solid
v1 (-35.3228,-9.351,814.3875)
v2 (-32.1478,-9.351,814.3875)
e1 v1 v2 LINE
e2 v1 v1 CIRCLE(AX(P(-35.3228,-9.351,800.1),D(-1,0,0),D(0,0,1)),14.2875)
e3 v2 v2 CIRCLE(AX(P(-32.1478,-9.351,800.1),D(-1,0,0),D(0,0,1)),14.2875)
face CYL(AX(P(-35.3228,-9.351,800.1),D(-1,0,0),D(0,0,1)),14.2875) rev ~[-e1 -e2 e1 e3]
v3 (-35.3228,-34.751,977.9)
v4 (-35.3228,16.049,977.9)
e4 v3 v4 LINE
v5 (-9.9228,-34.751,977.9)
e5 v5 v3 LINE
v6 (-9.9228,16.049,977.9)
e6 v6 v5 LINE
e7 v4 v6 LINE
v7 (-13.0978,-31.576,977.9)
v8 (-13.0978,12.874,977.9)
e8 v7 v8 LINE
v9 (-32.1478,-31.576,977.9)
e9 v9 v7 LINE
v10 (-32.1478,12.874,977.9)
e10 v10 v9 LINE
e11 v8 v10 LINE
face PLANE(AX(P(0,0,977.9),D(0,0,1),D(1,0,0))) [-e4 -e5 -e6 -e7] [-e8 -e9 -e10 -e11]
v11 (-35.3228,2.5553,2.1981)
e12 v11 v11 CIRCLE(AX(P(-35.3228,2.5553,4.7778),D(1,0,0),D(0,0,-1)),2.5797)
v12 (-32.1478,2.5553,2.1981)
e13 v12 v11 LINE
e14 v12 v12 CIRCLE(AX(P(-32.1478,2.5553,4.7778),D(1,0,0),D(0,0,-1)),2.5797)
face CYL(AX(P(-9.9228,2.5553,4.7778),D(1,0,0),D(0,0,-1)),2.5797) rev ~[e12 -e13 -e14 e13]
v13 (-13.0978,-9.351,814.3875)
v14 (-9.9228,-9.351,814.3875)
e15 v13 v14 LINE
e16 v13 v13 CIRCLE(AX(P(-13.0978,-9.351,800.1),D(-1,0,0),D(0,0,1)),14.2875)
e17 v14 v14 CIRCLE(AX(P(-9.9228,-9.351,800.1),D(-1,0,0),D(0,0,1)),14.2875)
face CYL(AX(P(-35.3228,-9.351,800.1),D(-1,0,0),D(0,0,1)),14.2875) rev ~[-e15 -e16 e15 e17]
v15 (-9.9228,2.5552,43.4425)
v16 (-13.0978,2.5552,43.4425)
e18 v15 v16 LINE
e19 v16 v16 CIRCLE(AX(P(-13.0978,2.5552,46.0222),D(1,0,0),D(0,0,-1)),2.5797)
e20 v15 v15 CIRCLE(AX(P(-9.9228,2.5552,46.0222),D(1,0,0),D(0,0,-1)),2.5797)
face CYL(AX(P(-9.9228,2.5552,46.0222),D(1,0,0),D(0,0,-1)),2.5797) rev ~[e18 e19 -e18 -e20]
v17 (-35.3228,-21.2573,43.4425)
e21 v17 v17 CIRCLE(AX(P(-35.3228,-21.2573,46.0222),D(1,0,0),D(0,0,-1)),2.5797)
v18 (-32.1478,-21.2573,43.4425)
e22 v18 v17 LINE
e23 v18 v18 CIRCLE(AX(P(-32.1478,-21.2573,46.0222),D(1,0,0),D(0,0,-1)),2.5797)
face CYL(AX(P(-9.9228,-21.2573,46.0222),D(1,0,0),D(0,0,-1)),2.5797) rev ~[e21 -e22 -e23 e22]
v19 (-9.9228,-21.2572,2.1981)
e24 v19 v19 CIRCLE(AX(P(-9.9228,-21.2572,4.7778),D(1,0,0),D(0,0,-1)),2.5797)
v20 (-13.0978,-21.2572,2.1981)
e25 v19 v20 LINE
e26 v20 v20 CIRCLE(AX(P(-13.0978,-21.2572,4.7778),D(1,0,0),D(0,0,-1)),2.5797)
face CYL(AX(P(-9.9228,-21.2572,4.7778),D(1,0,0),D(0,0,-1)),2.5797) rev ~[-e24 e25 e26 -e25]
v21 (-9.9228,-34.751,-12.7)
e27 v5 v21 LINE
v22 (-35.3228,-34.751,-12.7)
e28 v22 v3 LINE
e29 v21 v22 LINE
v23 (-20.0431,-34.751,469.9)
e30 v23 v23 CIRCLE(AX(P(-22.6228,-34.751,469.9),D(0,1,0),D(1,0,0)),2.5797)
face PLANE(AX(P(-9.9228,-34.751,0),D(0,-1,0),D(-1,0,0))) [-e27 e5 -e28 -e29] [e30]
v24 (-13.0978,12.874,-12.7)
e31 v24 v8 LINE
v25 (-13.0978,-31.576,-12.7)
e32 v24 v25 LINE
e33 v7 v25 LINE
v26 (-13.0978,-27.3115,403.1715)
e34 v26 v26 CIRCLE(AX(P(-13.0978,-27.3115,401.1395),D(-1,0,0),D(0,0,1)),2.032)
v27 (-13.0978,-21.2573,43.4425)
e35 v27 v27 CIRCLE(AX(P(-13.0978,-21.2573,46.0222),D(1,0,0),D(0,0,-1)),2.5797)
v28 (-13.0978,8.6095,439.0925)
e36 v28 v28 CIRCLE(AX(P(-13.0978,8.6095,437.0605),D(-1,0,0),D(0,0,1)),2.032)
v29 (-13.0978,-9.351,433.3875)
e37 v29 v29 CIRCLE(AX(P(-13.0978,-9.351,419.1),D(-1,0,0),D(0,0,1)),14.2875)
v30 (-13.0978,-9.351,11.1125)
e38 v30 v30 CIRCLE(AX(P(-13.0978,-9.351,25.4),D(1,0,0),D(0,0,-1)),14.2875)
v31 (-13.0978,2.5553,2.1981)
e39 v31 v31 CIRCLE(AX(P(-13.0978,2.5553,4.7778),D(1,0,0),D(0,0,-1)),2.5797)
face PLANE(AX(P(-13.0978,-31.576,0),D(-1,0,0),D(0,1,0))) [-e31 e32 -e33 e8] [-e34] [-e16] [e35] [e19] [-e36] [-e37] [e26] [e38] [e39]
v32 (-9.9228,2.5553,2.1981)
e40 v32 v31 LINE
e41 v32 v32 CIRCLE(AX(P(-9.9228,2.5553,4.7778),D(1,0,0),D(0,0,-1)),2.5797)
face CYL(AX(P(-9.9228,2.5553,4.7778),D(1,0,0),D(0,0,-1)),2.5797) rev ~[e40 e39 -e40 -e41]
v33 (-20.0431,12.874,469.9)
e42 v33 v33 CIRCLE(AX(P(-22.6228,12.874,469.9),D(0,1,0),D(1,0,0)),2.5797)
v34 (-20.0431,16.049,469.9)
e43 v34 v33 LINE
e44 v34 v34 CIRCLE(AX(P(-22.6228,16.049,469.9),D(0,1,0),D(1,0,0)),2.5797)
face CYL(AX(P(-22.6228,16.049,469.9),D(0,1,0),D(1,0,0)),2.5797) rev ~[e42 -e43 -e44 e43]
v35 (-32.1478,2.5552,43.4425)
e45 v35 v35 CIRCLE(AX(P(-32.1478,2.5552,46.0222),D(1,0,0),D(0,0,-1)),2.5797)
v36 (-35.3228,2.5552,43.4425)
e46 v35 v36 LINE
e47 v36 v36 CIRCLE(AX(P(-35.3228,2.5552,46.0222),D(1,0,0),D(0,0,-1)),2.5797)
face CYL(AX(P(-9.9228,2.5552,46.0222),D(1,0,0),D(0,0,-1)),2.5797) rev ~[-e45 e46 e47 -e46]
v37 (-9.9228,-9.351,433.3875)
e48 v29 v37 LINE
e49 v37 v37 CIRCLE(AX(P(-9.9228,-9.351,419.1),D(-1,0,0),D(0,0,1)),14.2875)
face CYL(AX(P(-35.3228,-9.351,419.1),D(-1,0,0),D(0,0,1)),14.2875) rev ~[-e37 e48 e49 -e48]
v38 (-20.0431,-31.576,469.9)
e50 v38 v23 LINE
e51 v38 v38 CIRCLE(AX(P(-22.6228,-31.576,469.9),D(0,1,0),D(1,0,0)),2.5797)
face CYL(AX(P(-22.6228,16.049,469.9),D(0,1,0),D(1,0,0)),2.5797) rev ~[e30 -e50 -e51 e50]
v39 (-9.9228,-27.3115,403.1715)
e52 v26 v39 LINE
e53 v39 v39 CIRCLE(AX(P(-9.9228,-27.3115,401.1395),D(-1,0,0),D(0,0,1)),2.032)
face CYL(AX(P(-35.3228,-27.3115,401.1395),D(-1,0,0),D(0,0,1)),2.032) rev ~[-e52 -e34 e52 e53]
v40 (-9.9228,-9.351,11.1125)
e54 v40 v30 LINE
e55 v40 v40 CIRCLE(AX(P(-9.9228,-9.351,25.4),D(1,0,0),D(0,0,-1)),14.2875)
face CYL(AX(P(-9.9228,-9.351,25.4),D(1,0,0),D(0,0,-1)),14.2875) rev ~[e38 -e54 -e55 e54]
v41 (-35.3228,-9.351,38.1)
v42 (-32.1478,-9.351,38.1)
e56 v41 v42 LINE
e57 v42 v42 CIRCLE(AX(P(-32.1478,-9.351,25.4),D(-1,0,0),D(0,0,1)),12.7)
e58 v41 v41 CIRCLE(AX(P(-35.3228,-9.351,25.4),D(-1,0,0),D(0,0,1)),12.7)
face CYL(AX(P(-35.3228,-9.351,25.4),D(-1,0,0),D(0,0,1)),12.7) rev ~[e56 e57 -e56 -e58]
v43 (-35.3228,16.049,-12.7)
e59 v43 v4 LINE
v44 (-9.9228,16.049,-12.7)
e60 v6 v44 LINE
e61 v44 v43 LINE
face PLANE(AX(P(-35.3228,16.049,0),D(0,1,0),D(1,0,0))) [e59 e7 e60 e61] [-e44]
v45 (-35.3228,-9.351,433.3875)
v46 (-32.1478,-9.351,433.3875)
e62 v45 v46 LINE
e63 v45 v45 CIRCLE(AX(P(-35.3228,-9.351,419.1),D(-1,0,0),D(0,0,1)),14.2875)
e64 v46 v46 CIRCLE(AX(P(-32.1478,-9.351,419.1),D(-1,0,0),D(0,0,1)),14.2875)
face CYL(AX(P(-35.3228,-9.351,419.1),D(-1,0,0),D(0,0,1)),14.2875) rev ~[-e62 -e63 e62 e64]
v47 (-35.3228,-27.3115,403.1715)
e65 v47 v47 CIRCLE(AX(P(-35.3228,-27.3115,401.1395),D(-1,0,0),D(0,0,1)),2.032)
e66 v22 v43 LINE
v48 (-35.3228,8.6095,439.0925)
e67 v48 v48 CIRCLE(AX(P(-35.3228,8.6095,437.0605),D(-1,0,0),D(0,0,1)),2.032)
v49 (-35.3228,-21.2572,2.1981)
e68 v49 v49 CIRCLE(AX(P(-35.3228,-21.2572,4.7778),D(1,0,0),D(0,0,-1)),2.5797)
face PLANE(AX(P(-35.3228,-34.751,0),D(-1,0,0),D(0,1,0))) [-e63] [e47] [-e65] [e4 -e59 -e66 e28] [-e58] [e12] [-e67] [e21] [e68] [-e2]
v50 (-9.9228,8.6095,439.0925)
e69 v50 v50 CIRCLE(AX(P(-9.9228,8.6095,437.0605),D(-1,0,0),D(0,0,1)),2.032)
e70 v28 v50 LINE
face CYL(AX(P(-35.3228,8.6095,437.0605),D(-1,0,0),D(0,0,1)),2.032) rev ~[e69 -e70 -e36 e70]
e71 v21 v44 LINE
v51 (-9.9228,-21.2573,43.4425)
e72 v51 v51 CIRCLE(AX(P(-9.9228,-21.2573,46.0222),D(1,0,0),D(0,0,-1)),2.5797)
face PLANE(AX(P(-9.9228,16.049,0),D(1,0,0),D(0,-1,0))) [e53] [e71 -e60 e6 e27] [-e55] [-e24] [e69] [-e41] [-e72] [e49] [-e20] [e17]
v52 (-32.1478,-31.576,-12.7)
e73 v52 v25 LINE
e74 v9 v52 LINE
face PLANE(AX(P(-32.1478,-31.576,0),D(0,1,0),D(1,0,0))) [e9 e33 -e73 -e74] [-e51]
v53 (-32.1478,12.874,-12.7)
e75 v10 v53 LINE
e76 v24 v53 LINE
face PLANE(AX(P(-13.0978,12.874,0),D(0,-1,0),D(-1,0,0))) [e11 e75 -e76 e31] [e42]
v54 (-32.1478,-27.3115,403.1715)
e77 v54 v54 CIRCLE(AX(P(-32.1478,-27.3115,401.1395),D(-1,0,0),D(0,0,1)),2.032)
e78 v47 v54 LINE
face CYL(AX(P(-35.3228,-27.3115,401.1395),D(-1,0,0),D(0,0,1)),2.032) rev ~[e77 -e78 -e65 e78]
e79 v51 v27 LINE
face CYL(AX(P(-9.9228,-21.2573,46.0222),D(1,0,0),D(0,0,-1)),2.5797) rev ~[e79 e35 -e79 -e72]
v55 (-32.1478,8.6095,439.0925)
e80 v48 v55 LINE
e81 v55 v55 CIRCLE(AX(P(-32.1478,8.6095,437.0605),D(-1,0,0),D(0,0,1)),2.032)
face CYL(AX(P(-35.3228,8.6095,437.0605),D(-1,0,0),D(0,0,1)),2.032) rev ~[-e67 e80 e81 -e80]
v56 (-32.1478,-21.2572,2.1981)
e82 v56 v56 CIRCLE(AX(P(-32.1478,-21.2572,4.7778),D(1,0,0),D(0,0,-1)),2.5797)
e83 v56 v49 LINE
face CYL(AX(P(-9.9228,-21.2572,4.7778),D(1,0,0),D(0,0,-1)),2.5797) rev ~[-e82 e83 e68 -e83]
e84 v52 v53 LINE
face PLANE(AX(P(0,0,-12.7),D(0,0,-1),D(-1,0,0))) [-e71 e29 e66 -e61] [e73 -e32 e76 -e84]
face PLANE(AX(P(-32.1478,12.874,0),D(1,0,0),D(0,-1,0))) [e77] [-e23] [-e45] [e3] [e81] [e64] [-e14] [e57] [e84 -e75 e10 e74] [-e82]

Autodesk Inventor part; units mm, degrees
ref_plane "YZ Plane" through (0, 0, 0) normal (1, 0, 0) x (0, 1, 0)
ref_plane "XZ Plane" through (0, 0, 0) normal (0, 1, 0) x (-1, 0, 0)
ref_plane "XY Plane" through (0, 0, 0) normal (0, 0, 1) x (1, 0, 0)
sketch "Sketch1" plane through (0, 0, 0) normal (0, 0, 1) x (1, 0, 0)
  line L0 (-35.3228, 16.049) -> (-9.9228, 16.049)
  line L1 (-9.9228, 16.049) -> (-9.9228, -34.751)
  line L2 (-9.9228, -34.751) -> (-35.3228, -34.751)
  line L3 (-35.3228, -34.751) -> (-35.3228, 16.049)
  line L4 (-13.0978, 12.874) -> (-32.1478, 12.874)
  line L5 (-32.1478, 12.874) -> (-32.1478, -31.576)
  line L6 (-32.1478, -31.576) -> (-13.0978, -31.576)
  line L7 (-13.0978, -31.576) -> (-13.0978, 12.874)
  point P0 (0, 0)
  dimension "d0" = 25.4
  dimension "d1" = 50.8
  dimension "d2" = 3.175
extrude "Extrusion1" add sketch "Sketch1" along normal blind 977.9
sketch "Sketch2" plane through (-35.3228, -34.751, 0) normal (-1, 0, 0) x (0, 0, 1)
  line L0 (0, 0) -> (0, 50.8) construction
  line L1 (0, 25.4) -> (25.4, 25.4) construction
  circle A0 centre (25.4, 25.4) radius 12.7
  point P0 (0, 34.751)
  dimension "d5" = 25.4
  dimension "d9" = 25.4
extrude "Extrusion2" cut sketch "Sketch2" against normal blind 12.7
sketch "Sketch3" plane through (-35.3228, -34.751, 0) normal (-1, 0, 0) x (0, 0, 1)
  line L0 (977.9, 50.8) -> (977.9, 0) construction
  line L1 (977.9, 25.4) -> (800.1, 25.4) construction
  circle A0 centre (800.1, 25.4) radius 14.2875
  point P0 (0, 34.751)
  dimension "d10" = 177.8
  dimension "d11" = 28.575
extrude "Extrusion3" cut sketch "Sketch3" against normal blind 25.4
sketch "Sketch4" plane through (-35.3228, -34.751, 0) normal (-1, 0, 0) x (0, 0, 1)
  line L0 (977.9, 50.8) -> (977.9, 0) construction
  line L1 (977.9, 25.4) -> (419.1, 25.4) construction
  circle A0 centre (419.1, 25.4) radius 14.2875
  point P0 (0, 34.751)
  dimension "d14" = 558.8
  dimension "d15" = 28.575
extrude "Extrusion4" cut sketch "Sketch4" against normal blind 25.4
sketch "Sketch5" plane through (-35.3228, -34.751, 0) normal (-1, 0, 0) x (0, 0, 1)
  circle A0 centre (419.1, 25.4) radius 14.2875 construction
  line L0 (419.1, 25.4) -> (401.1395, 7.4395) construction
  line L1 (419.1, 25.4) -> (444.5, 25.4) construction
  line L2 (419.1, 25.4) -> (437.0605, 43.3605) construction
  circle A1 centre (401.1395, 7.4395) radius 2.032
  circle A2 centre (437.0605, 43.3605) radius 2.032
  point P0 (0, 34.751)
  dimension "d18" = 25.4
  dimension "d19" = 135
  dimension "d20" = 25.4
  dimension "d21" = 4.064
  dimension "d22" = 4.064
extrude "Extrusion5" cut sketch "Sketch5" against normal blind 25.4
sketch "Sketch7" plane through (-9.9228, -34.751, 0) normal (1, 0, 0) x (0, 0, -1)
  line L0 (0, 0) -> (0, 50.8) construction
  line L1 (0, 25.4) -> (-25.4, 25.4) construction
  circle A0 centre (-25.4, 25.4) radius 14.2875
  point P0 (0, 34.751)
  dimension "d34" = 25.4
  dimension "d35" = 28.575
extrude "Extrusion7" cut sketch "Sketch7" against normal blind 12.7
sketch "Sketch8" plane through (-9.9228, -34.751, 0) normal (1, 0, 0) x (0, 0, -1)
  circle A0 centre (-25.4, 25.4) radius 14.2875 construction
  line L0 (-25.4, 25.4) -> (-25.4, 49.2125) construction
  line L1 (-25.4, 49.2125) -> (-4.7778, 37.3063) construction
  line L2 (-4.7778, 37.3063) -> (-4.7778, 13.4938) construction
  line L3 (-4.7778, 13.4938) -> (-25.4, 1.5875) construction
  line L4 (-25.4, 1.5875) -> (-46.0222, 13.4937) construction
  line L5 (-46.0222, 13.4937) -> (-46.0222, 37.3062) construction
  line L6 (-46.0222, 37.3062) -> (-25.4, 49.2125) construction
  circle A1 centre (-4.7778, 37.3063) radius 2.5797
  circle A2 centre (-4.7778, 13.4938) radius 2.5797
  circle A3 centre (-46.0222, 13.4937) radius 2.5797
  circle A4 centre (-46.0222, 37.3062) radius 2.5797
  point P0 (0, 34.751)
  dimension "d45" = 23.8125
  dimension "d46" = 5.1594
  dimension "d47" = 5.1594
  dimension "d48" = 5.1594
  dimension "d49" = 5.1594
extrude "Extrusion9" cut sketch "Sketch8" against normal blind 25.4
sketch "Sketch9" plane through (0, 0, 0) normal (0, 0, -1) x (-1, 0, 0)
  line L0 (9.9228, 16.049) -> (35.3228, 16.049) projected
  line L1 (9.9228, 16.049) -> (13.0978, 16.049)
  line L2 (13.0978, 16.049) -> (13.0978, -34.751)
  line L3 (13.0978, -34.751) -> (9.9228, -34.751)
  line L4 (9.9228, -34.751) -> (9.9228, 16.049)
  line L5 (9.9228, -34.751) -> (35.3228, -34.751)
  line L6 (35.3228, -34.751) -> (35.3228, -31.576)
  line L7 (35.3228, -31.576) -> (9.9228, -31.576)
  line L8 (9.9228, -31.576) -> (9.9228, -34.751)
  line L9 (9.9228, -34.751) -> (35.3228, -34.751) projected
  line L10 (35.3228, -34.751) -> (32.1478, -34.751)
  line L11 (32.1478, -34.751) -> (32.1478, 16.049)
  line L12 (32.1478, 16.049) -> (35.3228, 16.049)
  line L13 (35.3228, 16.049) -> (35.3228, -34.751)
  line L14 (35.3228, 16.049) -> (9.9228, 16.049)
  line L15 (9.9228, 16.049) -> (9.9228, 12.874)
  line L16 (9.9228, 12.874) -> (35.3228, 12.874)
  line L17 (35.3228, 12.874) -> (35.3228, 16.049)
  point P0 (0, 0)
  dimension "d52" = 3.175
  dimension "d53" = 50.8
  dimension "d54" = 25.4
  dimension "d55" = 3.175
  dimension "d56" = 3.175
  dimension "d57" = 50.8
  dimension "d58" = 25.4
  dimension "d59" = 3.175
extrude "Extrusion10" add sketch "Sketch9" along normal blind 12.7 contours L0 L2 L16 L4 | L0 L11 L16 L2 | L16 L2 L7 L4 | L0 L13 L16 L11 | L7 L2 L3 L4 | L16 L13 L7 L11 | L7 L11 L5 L2 | L7 L6 L5 L11
sketch "Sketch10" plane through (-35.3228, 16.049, 977.9) normal (0, 1, 0) x (1, 0, 0)
  line L0 (3.175, 0) -> (22.225, 0) construction
  line L1 (12.7, 0) -> (12.7, 508) construction
  line L2 (12.7, 0) -> (520.7, 0) construction
  circle A0 centre (12.7, 508) radius 2.5797
  point P0 (35.3228, 977.9)
  dimension "d62" = 508
  dimension "d63" = 90
  dimension "d64" = 5.1594
extrude "Extrusion11" cut sketch "Sketch10" against normal blind 101.6
properties part number "41.75in Arm Beam Alternate (Right)"
